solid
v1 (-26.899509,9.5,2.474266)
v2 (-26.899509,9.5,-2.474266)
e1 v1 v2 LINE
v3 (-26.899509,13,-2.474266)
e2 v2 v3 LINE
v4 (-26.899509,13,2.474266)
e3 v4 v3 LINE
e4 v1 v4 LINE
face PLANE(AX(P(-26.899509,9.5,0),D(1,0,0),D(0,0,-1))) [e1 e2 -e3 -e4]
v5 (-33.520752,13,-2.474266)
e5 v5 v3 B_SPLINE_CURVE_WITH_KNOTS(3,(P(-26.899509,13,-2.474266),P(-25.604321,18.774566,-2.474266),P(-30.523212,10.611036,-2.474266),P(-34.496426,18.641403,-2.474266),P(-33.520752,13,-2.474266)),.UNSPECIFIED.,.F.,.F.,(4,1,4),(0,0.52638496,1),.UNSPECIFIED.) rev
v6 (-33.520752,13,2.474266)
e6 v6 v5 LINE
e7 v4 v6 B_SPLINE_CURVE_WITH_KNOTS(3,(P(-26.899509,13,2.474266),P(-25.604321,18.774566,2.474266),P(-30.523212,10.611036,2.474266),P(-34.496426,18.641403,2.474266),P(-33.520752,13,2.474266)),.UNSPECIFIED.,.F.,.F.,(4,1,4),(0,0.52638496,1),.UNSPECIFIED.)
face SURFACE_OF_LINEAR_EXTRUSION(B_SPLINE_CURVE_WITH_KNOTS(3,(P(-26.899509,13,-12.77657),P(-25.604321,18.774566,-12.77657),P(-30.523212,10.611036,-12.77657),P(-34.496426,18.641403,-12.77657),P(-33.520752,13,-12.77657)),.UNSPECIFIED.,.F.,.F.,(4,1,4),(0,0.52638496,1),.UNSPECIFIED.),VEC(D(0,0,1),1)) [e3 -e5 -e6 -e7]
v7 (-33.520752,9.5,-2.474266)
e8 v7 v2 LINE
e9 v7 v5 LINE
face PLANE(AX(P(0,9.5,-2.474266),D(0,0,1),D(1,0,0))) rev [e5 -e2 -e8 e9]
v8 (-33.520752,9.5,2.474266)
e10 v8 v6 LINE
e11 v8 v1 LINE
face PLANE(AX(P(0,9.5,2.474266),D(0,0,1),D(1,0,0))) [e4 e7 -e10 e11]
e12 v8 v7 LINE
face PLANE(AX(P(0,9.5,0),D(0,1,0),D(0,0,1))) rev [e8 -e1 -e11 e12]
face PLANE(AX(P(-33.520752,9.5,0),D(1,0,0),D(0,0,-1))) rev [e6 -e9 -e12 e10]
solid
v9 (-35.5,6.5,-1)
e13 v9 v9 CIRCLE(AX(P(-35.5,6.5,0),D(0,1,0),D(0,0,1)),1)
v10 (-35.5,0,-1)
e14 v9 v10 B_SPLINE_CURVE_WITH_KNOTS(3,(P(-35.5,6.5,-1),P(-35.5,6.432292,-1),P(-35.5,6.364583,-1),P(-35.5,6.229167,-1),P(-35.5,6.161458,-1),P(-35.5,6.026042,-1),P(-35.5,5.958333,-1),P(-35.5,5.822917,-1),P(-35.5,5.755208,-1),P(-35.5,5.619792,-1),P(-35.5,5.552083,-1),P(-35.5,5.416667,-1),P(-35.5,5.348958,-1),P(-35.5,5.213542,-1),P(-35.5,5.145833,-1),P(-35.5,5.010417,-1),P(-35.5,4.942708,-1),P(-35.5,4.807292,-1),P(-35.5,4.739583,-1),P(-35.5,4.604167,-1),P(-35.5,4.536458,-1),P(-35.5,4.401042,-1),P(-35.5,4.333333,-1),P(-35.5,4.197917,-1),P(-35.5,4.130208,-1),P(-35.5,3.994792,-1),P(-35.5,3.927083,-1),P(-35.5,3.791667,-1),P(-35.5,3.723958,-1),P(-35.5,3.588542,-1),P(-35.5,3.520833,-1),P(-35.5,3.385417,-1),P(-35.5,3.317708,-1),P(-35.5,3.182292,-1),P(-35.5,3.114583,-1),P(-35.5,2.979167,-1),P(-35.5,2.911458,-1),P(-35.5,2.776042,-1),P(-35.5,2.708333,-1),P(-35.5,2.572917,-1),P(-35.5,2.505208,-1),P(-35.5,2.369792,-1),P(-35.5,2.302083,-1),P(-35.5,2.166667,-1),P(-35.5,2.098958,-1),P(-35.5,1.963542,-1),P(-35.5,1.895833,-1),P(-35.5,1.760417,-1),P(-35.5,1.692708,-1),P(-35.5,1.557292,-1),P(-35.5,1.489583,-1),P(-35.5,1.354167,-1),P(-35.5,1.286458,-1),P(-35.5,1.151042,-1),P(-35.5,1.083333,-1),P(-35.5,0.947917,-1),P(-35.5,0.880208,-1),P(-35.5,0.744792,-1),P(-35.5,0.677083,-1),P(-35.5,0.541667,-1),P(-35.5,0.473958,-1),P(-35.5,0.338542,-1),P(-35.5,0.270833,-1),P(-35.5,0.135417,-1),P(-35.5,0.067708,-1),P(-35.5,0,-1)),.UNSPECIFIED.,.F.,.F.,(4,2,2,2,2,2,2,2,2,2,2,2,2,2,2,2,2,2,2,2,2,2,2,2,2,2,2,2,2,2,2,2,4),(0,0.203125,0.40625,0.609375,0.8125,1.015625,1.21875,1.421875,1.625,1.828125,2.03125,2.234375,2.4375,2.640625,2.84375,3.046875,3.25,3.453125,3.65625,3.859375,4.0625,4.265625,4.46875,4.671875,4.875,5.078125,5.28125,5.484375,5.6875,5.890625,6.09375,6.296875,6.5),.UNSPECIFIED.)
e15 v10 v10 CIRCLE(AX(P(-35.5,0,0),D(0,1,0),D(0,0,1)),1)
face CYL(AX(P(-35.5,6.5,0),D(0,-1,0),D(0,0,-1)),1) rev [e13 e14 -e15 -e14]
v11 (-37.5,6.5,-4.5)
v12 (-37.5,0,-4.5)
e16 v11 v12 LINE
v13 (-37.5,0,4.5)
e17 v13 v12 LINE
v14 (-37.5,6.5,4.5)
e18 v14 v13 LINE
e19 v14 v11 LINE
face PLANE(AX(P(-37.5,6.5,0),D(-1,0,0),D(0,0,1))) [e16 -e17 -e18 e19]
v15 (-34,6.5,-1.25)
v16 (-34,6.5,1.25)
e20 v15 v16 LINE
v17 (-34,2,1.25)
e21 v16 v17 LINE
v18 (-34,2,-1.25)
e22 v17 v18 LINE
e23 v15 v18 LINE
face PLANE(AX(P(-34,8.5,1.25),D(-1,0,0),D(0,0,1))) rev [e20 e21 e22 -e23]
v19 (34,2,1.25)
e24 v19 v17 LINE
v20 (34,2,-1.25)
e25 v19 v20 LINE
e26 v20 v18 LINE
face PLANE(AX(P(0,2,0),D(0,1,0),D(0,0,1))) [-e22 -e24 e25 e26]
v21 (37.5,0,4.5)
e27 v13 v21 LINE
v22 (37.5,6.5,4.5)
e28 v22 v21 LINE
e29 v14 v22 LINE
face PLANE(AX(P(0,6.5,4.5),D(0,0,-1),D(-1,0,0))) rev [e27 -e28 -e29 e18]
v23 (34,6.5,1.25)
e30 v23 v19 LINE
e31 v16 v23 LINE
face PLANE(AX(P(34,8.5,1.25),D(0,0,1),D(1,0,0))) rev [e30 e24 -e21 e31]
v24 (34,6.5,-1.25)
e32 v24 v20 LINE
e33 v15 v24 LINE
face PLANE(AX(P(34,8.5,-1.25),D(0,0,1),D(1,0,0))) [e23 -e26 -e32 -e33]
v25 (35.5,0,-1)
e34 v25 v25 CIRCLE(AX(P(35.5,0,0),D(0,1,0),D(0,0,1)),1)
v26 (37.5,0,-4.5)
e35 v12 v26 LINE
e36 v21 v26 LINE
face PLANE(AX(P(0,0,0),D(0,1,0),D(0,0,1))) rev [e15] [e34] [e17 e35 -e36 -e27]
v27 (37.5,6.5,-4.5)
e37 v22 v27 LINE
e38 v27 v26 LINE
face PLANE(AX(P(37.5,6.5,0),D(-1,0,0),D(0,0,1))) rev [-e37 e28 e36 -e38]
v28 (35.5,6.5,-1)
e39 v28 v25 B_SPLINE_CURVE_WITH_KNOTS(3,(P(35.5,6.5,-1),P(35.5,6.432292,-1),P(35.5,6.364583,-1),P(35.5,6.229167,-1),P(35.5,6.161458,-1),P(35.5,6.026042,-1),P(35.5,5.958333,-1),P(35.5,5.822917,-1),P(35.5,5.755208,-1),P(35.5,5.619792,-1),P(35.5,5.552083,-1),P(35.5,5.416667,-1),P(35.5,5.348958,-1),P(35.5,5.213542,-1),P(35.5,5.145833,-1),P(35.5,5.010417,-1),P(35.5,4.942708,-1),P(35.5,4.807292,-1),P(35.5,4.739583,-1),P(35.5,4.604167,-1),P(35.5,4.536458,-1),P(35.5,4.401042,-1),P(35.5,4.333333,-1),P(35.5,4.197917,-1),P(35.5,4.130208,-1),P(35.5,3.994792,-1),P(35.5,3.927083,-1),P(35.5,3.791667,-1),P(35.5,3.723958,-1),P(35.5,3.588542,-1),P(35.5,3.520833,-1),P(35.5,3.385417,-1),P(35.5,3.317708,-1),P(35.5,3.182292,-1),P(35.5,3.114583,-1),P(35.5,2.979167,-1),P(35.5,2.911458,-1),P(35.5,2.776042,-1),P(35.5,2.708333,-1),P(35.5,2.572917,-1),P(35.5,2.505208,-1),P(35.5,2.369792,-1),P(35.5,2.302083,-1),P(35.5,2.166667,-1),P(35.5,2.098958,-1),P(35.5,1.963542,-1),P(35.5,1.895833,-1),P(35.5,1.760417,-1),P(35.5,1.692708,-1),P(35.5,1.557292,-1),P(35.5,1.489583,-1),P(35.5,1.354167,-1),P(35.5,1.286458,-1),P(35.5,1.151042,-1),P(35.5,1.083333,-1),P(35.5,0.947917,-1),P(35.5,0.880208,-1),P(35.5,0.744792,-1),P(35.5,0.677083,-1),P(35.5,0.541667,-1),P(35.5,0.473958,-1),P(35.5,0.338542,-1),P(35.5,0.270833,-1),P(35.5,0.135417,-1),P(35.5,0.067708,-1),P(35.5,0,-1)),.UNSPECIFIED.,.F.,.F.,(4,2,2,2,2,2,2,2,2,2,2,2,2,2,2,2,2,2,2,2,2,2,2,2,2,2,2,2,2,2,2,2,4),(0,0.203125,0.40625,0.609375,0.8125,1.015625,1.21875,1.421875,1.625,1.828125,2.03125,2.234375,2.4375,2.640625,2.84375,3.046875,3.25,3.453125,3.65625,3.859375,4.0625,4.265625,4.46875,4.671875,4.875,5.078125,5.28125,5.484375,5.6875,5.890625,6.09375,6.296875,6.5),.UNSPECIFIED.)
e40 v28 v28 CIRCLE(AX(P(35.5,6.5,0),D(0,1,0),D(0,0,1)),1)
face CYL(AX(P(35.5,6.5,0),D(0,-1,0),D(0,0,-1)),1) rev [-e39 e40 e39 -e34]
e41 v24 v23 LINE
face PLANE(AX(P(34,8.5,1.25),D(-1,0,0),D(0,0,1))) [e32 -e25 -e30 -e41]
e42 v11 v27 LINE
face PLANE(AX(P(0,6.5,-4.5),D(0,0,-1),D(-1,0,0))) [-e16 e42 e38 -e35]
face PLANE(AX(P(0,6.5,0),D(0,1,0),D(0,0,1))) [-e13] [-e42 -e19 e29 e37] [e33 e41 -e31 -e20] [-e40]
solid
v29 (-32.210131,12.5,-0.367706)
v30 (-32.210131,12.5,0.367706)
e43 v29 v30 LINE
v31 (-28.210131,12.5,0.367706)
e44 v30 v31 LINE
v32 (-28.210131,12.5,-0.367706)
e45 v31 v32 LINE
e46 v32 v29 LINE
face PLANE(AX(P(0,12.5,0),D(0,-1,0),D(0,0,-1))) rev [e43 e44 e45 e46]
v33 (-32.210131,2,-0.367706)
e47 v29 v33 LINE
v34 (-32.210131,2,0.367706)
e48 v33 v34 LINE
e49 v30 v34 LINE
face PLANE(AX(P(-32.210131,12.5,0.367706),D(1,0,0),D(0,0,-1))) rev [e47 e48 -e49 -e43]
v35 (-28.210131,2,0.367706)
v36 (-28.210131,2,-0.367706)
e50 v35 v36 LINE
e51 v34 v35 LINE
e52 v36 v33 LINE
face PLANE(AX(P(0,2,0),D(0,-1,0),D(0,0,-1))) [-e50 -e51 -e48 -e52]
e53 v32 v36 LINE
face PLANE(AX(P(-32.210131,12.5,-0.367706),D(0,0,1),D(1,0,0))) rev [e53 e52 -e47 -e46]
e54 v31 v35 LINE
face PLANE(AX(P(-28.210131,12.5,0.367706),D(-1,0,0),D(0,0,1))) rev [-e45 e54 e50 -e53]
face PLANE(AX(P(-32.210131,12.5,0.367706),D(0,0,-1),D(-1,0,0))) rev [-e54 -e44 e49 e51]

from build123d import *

# Parameters (mm, degrees)
SKETCH1_W                = 75
SKETCH1_H                = 9
SKETCH1_R                = 1
SKETCH1_W_2              = 68
SKETCH1_H_2              = 2.5
BOSS_EXTRUDE1_DEPTH      = 6.5
CUT_EXTRUDE1_START       = 2
SKETCH1_3_W              = 68
SKETCH1_3_H              = 2.5
CUT_EXTRUDE1_DEPTH       = 6.5
SKETCH2_W                = 4
SKETCH2_H                = 0.735412898
BOSS_EXTRUDE2_DEPTH      = 10.5
BOSS_EXTRUDE3_DEPTH      = 0.5
BOSS_EXTRUDE3_DEPTH_BACK = 3
SKETCH3_W                = 6.621243081
SKETCH3_H                = 4.94853177
SKETCH3_W_2              = 4
SKETCH3_H_2              = 0.735412898
BOSS_EXTRUDE4_DEPTH      = 4.948531769


with BuildPart() as part:
    # Sketch1 → Boss-Extrude1 (new body)
    # profile 1 of 2: a face of its own
    with BuildSketch(Plane(origin=(0, 0, 0), x_dir=(1, 0, 0), z_dir=(0, 1, 0))):
        Rectangle(SKETCH1_W, SKETCH1_H)
        with Locations(Location((35.5, 0, 0), (0, 0, 90))):
            Circle(SKETCH1_R, mode=Mode.SUBTRACT)
        with Locations(Location((-35.5, 0, 0), (0, 0, 90))):
            Circle(SKETCH1_R, mode=Mode.SUBTRACT)
        Rectangle(SKETCH1_W_2, SKETCH1_H_2, mode=Mode.SUBTRACT)
    # profile 2 of 2: a face of its own
    with BuildSketch(Plane(origin=(0, 0, 0), x_dir=(1, 0, 0), z_dir=(0, 1, 0))):
        Rectangle(SKETCH1_W_2, SKETCH1_H_2)
    extrude(amount=BOSS_EXTRUDE1_DEPTH)

    # Sketch1<3> → Cut-Extrude1 (cut)
    with BuildSketch(Plane(origin=(0, 0, 0), x_dir=(1, 0, 0), z_dir=(0, 1, 0)).offset(CUT_EXTRUDE1_START)):
        Rectangle(SKETCH1_3_W, SKETCH1_3_H)
    extrude(amount=CUT_EXTRUDE1_DEPTH, mode=Mode.SUBTRACT)


with BuildPart() as body_2:
    # Sketch2 → Boss-Extrude2 (new body)
    with BuildSketch(Plane(origin=(0, 2, 0), x_dir=(1, 0, 0), z_dir=(0, 1, 0))):
        with Locations((-30.210130629, 0)):
            Rectangle(SKETCH2_W, SKETCH2_H)
    extrude(amount=BOSS_EXTRUDE2_DEPTH)


with BuildPart() as body_3:
    # Sketch3 → Boss-Extrude3 (new, two sides: drawn at the far end of the back side and taken through both)
    # profile 1 of 2: a face of its own
    with BuildSketch(Plane(origin=(0, 12.5, 0), x_dir=(1, 0, 0), z_dir=(0, 1, 0)).offset(-BOSS_EXTRUDE3_DEPTH_BACK)):
        with Locations((-30.21013063, 0)):
            Rectangle(SKETCH3_W, SKETCH3_H)
        with Locations((-30.210130629, 0)):
            Rectangle(SKETCH3_W_2, SKETCH3_H_2, mode=Mode.SUBTRACT)
    # profile 2 of 2: a face of its own
    with BuildSketch(Plane(origin=(0, 12.5, 0), x_dir=(1, 0, 0), z_dir=(0, 1, 0)).offset(-BOSS_EXTRUDE3_DEPTH_BACK)):
        with Locations((-30.210130629, 0)):
            Rectangle(SKETCH3_W_2, SKETCH3_H_2)
    extrude(amount=BOSS_EXTRUDE3_DEPTH + BOSS_EXTRUDE3_DEPTH_BACK)

    # Sketch5 → Boss-Extrude4 (add)
    with BuildSketch(Plane.XY.offset(2.474265885)):
        with BuildLine():
            Line((-26.899509089, 9.5), (-26.899509089, 13))
            add(Edge.make_bspline(
                [(-33.52075217, 13), (-34.496425633, 18.64140336), (-30.523211951, 10.611035824), (-25.604321262, 18.774566382), (-26.899509089, 13)],
                knots=[0, 0, 0, 0, 0.47361504, 1, 1, 1, 1], degree=3))
            Line((-33.52075217, 13), (-33.52075217, 9.5))
            Line((-33.52075217, 9.5), (-26.899509089, 9.5))
        make_face()
    extrude(amount=-BOSS_EXTRUDE4_DEPTH)


solid = Compound([part.part, body_2.part, body_3.part])
